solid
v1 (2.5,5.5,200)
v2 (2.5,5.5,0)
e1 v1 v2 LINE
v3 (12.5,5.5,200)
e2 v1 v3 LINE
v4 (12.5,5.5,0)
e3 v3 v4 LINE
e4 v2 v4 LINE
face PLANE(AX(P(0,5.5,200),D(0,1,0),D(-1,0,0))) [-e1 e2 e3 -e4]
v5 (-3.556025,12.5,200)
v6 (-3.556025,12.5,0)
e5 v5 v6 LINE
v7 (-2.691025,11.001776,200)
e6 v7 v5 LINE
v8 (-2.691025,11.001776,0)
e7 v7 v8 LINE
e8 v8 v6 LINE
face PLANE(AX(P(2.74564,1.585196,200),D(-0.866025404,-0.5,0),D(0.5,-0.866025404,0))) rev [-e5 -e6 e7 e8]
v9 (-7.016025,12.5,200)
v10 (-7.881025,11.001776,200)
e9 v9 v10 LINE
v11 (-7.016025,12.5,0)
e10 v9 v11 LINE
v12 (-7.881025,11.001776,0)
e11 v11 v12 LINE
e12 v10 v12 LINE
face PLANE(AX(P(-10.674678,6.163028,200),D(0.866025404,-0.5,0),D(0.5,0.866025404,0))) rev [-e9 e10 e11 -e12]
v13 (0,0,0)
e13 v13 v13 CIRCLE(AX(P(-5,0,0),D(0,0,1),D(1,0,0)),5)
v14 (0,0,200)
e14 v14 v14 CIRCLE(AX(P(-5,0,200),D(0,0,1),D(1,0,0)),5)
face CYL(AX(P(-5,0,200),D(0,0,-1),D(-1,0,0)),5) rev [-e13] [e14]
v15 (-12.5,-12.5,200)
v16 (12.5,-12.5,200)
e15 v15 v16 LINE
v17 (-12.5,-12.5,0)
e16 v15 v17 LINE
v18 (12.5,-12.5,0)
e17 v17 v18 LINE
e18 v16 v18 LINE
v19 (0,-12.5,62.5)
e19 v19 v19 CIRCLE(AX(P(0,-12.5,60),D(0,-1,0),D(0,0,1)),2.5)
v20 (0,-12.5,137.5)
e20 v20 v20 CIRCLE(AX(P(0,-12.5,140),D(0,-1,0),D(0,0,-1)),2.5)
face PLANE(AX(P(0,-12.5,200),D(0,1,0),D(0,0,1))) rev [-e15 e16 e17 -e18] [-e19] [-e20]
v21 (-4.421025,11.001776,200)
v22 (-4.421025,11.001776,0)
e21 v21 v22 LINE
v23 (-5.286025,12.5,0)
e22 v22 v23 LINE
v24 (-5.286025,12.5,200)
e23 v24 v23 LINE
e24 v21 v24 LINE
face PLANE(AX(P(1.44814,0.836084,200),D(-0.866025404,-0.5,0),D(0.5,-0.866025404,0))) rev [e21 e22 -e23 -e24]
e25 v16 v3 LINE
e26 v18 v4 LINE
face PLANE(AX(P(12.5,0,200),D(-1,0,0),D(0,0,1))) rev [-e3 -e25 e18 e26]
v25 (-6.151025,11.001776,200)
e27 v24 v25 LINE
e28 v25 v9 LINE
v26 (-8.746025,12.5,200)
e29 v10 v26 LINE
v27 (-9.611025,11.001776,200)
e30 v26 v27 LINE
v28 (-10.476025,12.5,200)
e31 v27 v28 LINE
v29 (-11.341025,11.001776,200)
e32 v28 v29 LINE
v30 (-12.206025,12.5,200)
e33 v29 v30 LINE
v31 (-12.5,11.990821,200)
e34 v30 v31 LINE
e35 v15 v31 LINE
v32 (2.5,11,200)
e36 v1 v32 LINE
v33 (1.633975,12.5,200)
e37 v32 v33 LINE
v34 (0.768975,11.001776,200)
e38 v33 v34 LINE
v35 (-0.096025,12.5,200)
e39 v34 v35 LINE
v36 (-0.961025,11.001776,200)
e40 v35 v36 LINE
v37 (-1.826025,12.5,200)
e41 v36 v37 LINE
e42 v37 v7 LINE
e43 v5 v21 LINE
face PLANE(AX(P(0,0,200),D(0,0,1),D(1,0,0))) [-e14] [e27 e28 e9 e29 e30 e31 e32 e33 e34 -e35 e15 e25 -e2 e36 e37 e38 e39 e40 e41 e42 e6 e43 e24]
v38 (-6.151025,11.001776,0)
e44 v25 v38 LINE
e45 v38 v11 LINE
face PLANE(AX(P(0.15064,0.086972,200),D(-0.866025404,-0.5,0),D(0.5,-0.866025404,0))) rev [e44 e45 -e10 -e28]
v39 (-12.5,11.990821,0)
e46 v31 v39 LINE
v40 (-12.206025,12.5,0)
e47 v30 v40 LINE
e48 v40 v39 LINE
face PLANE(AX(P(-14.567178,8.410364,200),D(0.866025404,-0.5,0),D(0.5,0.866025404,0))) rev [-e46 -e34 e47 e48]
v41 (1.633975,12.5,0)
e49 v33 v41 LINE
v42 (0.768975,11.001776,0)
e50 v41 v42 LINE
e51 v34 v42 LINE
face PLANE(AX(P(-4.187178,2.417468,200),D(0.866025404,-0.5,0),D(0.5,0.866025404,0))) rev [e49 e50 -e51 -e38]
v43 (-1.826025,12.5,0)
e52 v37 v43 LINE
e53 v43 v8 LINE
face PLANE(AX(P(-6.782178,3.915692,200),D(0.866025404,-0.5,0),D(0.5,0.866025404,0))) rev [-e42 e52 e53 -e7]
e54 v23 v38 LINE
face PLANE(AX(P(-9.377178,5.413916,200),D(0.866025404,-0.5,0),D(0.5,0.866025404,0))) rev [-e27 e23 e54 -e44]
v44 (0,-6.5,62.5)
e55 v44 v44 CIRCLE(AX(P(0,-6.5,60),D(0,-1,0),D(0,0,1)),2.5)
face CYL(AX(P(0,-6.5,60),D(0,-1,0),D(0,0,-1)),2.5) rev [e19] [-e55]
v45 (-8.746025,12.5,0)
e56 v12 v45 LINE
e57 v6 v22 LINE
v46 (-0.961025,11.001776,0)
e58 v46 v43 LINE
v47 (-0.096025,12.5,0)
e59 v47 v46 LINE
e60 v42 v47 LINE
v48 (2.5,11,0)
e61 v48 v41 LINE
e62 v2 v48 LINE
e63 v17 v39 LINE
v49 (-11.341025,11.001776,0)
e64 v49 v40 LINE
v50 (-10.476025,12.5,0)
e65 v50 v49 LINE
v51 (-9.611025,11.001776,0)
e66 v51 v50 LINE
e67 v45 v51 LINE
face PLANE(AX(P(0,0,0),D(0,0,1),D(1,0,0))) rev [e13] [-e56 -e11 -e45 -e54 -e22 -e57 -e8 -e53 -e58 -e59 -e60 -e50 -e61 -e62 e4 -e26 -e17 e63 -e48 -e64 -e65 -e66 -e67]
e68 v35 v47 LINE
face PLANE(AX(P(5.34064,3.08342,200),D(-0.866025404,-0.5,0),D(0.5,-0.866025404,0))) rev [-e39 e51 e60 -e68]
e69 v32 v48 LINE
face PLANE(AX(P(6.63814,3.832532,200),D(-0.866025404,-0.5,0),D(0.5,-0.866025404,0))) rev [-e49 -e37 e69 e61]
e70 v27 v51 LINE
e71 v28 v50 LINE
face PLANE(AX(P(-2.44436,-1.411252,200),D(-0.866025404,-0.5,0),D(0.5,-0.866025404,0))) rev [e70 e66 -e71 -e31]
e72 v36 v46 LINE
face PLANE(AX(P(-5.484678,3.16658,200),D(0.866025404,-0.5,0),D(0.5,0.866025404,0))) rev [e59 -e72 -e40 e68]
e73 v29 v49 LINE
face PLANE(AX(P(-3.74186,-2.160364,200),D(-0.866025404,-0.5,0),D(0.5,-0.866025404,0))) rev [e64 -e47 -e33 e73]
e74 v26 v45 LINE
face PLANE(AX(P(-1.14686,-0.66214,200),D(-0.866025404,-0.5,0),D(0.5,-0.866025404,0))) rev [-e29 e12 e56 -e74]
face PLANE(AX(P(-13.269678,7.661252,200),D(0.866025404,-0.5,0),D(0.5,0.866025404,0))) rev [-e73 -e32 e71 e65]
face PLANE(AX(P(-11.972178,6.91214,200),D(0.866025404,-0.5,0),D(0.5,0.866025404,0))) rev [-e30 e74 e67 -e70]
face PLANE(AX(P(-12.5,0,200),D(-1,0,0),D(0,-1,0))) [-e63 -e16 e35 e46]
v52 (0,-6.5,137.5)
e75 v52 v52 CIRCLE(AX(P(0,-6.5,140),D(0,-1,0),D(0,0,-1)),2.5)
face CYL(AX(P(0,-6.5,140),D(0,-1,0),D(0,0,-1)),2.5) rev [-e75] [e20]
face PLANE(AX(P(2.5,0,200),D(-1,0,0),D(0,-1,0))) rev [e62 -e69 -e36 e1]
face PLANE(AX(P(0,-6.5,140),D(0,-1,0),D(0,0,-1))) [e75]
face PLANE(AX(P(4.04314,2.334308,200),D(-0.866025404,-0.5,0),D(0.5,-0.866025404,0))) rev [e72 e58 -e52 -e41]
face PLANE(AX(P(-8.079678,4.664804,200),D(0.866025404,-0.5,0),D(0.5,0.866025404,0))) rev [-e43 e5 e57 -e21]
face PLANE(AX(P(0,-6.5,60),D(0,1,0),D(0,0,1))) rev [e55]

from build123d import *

# Parameters (mm, degrees)
SKETCH1_R           = 5
BOSS_EXTRUDE1_DEPTH = 200
SKETCH2_R           = 2.5
CUT_EXTRUDE1_DEPTH  = 6


with BuildPart() as part:
    # Sketch1 → Boss-Extrude1 (new body)
    with BuildSketch(Plane.XY):
        Polygon((-12.5, 11.990821063), (-12.5, -12.5), (12.5, -12.5), (12.5, 5.5), (2.5, 5.5), (2.5, 11), (2.498974596, 11.001776051), (1.633974596, 12.5), (0.768974596, 11.001776051), (-0.096025404, 12.5), (-0.961025404, 11.001776051), (-1.826025404, 12.5), (-2.691025404, 11.001776051), (-3.556025404, 12.5), (-4.421025404, 11.001776051), (-5.286025404, 12.5), (-6.151025404, 11.001776051), (-7.016025404, 12.5), (-7.881025404, 11.001776051), (-8.746025404, 12.5), (-9.611025404, 11.001776051), (-10.476025404, 12.5), (-11.341025404, 11.001776051), (-12.206025404, 12.5), align=None)
        with Locations((-5, 0)):
            Circle(SKETCH1_R, mode=Mode.SUBTRACT)
    extrude(amount=BOSS_EXTRUDE1_DEPTH)

    # Sketch2 → Cut-Extrude1 (cut)
    with BuildSketch(Plane.XZ.offset(12.5)):
        with Locations(Location((0, 140, 0), (0, 0, 270))):
            Circle(SKETCH2_R)
        with Locations(Location((0, 60, 0), (0, 0, 90))):
            Circle(SKETCH2_R)
    extrude(amount=-CUT_EXTRUDE1_DEPTH, mode=Mode.SUBTRACT)


solid = part.part
